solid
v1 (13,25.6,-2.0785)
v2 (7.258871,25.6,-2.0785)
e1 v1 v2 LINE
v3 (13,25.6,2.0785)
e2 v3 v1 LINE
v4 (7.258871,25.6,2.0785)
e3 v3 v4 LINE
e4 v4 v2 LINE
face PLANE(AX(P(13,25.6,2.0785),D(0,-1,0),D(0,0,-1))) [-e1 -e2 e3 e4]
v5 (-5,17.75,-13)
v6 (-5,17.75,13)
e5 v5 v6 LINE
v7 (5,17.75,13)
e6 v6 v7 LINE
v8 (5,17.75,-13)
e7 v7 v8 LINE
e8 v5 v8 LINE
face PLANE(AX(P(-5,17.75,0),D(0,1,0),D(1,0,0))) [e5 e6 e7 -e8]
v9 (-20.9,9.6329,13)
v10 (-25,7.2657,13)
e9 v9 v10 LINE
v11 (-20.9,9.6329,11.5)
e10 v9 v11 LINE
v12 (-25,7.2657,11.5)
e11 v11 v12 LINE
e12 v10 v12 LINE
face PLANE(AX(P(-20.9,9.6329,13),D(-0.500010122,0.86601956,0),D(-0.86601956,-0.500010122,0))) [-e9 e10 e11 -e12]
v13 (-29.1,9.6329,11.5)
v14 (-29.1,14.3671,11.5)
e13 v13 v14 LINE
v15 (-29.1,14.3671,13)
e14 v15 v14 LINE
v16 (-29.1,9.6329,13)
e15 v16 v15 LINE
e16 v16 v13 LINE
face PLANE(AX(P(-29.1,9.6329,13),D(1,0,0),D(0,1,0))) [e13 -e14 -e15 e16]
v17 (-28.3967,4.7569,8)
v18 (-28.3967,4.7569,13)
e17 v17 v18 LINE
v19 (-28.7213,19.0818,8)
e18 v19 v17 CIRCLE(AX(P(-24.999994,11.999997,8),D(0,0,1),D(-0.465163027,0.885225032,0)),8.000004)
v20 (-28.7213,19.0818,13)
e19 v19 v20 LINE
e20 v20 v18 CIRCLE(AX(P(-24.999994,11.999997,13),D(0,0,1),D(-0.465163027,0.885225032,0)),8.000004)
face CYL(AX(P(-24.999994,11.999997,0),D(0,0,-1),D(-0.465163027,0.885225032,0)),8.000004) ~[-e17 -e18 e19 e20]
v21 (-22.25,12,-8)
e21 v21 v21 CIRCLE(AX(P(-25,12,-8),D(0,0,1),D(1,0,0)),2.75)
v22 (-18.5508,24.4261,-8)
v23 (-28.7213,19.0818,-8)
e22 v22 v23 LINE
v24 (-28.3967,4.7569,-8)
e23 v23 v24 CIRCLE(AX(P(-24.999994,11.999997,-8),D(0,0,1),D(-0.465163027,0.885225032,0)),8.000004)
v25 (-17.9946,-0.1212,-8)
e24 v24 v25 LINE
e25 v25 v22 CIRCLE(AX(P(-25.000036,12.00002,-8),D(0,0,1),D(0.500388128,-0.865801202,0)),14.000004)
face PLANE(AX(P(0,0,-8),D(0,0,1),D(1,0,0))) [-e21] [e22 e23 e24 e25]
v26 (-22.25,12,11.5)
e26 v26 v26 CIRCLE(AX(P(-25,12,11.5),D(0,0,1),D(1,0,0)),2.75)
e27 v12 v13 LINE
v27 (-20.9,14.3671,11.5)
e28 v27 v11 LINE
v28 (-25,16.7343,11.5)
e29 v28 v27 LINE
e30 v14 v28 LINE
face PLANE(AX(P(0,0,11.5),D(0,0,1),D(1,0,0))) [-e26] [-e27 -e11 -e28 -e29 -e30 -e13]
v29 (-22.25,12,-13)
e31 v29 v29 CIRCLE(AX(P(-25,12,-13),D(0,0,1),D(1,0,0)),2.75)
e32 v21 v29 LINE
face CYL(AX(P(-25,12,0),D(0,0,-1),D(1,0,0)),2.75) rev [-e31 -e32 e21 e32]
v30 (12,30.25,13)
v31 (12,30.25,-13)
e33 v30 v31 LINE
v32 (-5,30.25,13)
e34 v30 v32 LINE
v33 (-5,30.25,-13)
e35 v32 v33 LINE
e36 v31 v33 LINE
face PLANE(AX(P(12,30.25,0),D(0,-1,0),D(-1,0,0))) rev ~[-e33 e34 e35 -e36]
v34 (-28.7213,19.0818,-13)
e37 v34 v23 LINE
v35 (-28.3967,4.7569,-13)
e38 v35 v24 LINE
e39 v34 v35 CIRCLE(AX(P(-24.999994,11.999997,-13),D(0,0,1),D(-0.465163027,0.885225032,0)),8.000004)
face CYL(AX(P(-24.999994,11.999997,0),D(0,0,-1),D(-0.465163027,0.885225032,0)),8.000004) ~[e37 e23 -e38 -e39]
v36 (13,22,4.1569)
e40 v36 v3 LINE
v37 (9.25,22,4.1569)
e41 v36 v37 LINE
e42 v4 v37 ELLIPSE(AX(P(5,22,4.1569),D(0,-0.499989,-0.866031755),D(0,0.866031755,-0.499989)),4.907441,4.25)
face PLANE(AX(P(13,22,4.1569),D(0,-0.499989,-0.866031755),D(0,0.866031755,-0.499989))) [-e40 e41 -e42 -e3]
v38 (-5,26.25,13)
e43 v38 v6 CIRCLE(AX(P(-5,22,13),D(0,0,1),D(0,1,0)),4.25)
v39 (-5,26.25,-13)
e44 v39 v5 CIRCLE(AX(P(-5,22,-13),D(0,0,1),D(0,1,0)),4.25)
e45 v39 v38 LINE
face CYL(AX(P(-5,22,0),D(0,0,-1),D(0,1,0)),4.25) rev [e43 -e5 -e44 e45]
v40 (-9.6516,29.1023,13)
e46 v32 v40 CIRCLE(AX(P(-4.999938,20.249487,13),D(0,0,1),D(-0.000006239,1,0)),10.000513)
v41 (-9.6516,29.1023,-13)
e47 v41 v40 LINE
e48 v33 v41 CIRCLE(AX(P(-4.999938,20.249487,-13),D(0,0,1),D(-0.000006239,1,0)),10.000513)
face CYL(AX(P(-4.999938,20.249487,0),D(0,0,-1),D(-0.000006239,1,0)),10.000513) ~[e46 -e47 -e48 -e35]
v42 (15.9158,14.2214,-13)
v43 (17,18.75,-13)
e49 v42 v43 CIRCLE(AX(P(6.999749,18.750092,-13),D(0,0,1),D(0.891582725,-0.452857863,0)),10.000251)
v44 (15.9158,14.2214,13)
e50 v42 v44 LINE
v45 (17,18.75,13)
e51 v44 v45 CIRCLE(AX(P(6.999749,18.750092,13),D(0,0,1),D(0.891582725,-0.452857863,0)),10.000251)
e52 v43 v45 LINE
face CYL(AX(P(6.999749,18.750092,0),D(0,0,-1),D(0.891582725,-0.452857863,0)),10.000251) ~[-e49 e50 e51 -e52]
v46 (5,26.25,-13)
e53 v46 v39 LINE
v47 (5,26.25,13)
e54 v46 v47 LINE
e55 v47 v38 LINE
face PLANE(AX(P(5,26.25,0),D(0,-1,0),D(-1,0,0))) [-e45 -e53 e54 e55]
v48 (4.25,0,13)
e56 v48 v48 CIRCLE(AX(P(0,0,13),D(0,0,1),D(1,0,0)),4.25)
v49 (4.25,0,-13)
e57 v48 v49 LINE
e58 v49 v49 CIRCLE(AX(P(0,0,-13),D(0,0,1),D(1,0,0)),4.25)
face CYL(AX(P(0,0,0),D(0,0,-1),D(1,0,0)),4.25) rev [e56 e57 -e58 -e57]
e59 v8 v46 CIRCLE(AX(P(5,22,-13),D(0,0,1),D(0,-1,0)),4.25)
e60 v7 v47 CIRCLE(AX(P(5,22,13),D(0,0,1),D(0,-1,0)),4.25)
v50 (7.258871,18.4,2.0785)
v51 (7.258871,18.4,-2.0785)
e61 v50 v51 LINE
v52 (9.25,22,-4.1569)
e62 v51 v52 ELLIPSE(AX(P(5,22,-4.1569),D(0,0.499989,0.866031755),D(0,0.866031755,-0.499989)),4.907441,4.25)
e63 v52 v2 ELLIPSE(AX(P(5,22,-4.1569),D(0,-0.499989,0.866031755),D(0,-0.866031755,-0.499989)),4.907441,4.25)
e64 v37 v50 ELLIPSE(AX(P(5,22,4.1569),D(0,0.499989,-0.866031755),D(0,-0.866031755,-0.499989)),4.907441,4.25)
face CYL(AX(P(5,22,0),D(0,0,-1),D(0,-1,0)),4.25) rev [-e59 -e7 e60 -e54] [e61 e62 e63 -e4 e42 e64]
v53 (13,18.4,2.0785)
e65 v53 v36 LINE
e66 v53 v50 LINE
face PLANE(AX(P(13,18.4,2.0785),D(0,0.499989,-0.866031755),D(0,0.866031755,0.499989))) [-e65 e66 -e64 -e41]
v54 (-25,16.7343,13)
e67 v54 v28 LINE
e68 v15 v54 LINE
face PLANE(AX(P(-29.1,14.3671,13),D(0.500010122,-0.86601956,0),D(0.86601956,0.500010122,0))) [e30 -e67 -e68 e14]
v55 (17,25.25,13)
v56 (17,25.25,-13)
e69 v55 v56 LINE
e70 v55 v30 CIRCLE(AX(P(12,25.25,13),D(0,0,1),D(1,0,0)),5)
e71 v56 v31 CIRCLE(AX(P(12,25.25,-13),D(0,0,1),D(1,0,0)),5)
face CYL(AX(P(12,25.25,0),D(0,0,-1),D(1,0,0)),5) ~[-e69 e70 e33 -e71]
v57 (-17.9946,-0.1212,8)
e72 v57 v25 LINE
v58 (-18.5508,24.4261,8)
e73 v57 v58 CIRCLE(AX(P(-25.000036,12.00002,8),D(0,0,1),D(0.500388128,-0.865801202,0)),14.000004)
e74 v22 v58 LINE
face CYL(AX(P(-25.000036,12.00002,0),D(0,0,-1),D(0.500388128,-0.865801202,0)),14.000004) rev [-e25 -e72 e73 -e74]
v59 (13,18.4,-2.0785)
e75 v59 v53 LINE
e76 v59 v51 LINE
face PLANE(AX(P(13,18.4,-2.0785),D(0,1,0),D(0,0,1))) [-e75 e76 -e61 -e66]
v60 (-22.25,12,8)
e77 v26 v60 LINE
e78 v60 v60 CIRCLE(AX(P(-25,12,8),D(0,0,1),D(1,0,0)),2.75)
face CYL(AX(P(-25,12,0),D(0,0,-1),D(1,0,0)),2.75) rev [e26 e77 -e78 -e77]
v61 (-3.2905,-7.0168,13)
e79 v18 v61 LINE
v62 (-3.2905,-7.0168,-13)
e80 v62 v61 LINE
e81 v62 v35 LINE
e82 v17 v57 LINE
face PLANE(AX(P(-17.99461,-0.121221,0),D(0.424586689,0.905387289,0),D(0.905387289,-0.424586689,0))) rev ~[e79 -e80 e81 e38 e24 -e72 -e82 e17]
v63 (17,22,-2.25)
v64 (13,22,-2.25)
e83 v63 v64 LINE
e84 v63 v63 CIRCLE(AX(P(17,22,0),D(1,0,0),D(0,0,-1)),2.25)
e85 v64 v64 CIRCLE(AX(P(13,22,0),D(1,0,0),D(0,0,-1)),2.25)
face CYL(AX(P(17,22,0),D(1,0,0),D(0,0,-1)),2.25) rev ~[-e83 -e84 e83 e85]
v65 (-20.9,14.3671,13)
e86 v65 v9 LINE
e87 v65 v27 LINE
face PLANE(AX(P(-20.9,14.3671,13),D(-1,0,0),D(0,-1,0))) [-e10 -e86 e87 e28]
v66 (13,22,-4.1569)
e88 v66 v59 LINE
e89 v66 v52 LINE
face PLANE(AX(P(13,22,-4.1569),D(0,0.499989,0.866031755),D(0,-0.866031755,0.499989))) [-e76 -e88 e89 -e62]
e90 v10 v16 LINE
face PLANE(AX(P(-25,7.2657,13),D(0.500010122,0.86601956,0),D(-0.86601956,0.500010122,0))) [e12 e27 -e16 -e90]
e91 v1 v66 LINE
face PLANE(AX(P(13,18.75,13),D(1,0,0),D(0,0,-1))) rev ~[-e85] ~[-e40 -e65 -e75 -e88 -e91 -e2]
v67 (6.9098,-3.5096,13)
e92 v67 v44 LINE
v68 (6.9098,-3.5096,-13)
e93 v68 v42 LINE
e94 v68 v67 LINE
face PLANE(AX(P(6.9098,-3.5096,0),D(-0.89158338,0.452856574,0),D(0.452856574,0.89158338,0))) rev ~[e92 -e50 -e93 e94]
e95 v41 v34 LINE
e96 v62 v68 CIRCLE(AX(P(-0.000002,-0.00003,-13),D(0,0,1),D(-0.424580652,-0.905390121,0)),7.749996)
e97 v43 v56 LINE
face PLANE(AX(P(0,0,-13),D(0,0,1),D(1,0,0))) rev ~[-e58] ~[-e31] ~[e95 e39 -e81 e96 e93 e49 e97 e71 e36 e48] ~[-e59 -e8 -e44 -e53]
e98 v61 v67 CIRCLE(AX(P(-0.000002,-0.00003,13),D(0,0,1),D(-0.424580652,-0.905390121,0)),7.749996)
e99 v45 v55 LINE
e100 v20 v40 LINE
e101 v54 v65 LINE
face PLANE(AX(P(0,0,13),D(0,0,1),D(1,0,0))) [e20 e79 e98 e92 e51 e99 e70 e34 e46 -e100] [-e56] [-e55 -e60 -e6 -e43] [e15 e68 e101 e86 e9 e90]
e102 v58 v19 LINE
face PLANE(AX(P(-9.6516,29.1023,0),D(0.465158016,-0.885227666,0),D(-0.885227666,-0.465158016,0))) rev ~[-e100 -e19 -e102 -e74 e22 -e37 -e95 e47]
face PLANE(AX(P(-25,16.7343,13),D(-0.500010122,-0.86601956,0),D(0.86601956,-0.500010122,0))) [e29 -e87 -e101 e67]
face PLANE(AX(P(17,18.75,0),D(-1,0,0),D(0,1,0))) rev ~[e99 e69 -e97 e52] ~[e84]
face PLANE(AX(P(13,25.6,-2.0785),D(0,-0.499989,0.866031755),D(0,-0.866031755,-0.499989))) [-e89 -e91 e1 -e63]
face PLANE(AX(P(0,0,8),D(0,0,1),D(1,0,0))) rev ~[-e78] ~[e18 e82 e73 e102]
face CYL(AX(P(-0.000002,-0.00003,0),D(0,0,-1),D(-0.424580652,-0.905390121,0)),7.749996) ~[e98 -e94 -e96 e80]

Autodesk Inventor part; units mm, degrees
ref_plane "YZ Plane" through (0, 0, 0) normal (1, 0, 0) x (0, 1, 0)
ref_plane "XZ Plane" through (0, 0, 0) normal (0, 1, 0) x (-1, 0, 0)
sketch "Szkic1" plane through (0, 0, 0) normal (0, 0, 1) x (1, 0, 0)
  circle A0 centre (0, 0) radius 4.25
  line L0 (0, 0) -> (0, 22) construction
  line L1 (-5, 22) -> (5, 22) construction
  line L2 (-5, 17.75) -> (5, 17.75)
  arc A1 (5, 17.75) -> (5, 26.25) centre (5, 22) ccw
  line L3 (5, 26.25) -> (-5, 26.25)
  arc A2 (-5, 26.25) -> (-5, 17.75) centre (-5, 22) ccw
  circle A3 centre (-25, 12) radius 8 construction
  line L4 (-5, 22) -> (-25, 22) construction
  line L5 (-25, 22) -> (-25, 12) construction
  circle A4 centre (-25, 12) radius 2.75
  line L6 (-9.6516, 29.1023) -> (-28.7213, 19.0818)
  arc A5 (-28.7213, 19.0818) -> (-28.3967, 4.7569) centre (-25, 12) ccw
  line L7 (-28.3967, 4.7569) -> (-3.2905, -7.0168)
  arc A6 (-3.2905, -7.0168) -> (6.9098, -3.5096) centre (0, 0) ccw
  line L8 (6.9098, -3.5096) -> (15.9158, 14.2214)
  arc A7 (15.9158, 14.2214) -> (17, 18.75) centre (7, 18.75) ccw
  line L9 (17, 18.75) -> (17, 25.25)
  arc A8 (17, 25.25) -> (12, 30.25) centre (12, 25.25) ccw
  line L10 (12, 30.25) -> (-5, 30.25)
  arc A9 (-5, 30.25) -> (-9.6516, 29.1023) centre (-5, 20.25) ccw
  line L11 (-25, 16.7343) -> (-20.9, 14.3671) construction
  line L12 (-20.9, 14.3671) -> (-20.9, 9.6329) construction
  line L13 (-20.9, 9.6329) -> (-25, 7.2657) construction
  line L14 (-25, 7.2657) -> (-29.1, 9.6329) construction
  line L15 (-29.1, 9.6329) -> (-29.1, 14.3671) construction
  line L16 (-29.1, 14.3671) -> (-25, 16.7343) construction
  line L17 (-5, 22) -> (-5, 30.25) construction
  circle A10 centre (-25, 12) radius 14 construction
  arc A11 (-17.9946, -0.1212) -> (-18.5508, 24.4261) centre (-25, 12) ccw
  dimension "d16" = 28
  dimension "d0" = 8.5
  dimension "d1" = 22
  dimension "d2" = 10
  dimension "d3" = 4.25
  dimension "d4" = 16
  dimension "d5" = 10
  dimension "d6" = 20
  dimension "d7" = 5.5
  dimension "d8" = 12
  dimension "d9" = 4
  dimension "d10" = 7.75
  dimension "d11" = 8.2
  dimension "d12" = 8
  dimension "d13" = 5
  dimension "d14" = 10
  dimension "d15" = 10
extrude "Wyciągnięcie proste1" add sketch "Szkic1" along normal mid plane 26
extrude "Wyciągnięcie proste2" cut sketch "Szkic1" along normal mid plane 16 contours A11 L7 A5 L6
sketch "Szkic2" plane through (0, 0, 13) normal (0, 0, 1) x (1, 0, 0)
  circle A0 centre (-25, 12) radius 2.75 projected
  line L0 (-29.1, 14.3671) -> (-25, 16.7343) projected
  line L1 (-29.1, 9.6329) -> (-29.1, 14.3671) projected
  line L2 (-25, 7.2657) -> (-29.1, 9.6329) projected
  line L3 (-20.9, 9.6329) -> (-25, 7.2657) projected
  line L4 (-20.9, 14.3671) -> (-20.9, 9.6329) projected
  line L5 (-25, 16.7343) -> (-20.9, 14.3671) projected
extrude "Wyciągnięcie proste3" cut sketch "Szkic2" against normal blind 1.5
sketch "Szkic3" plane through (17, 18.75, 13) normal (1, 0, 0) x (0, 0, -1)
  line L0 (26, 6.5) -> (0, 6.5) projected
  line L1 (0, 0) -> (26, 6.5) construction
  line L2 (0, 6.5) -> (26, 0) construction
  circle A0 centre (13, 3.25) radius 2.25
  line L3 (13, 3.25) -> (13, 11.5) construction
  line L4 (10.9215, 6.85) -> (15.0785, 6.85)
  line L5 (15.0785, 6.85) -> (17.1569, 3.25)
  line L6 (17.1569, 3.25) -> (15.0785, -0.35)
  line L7 (15.0785, -0.35) -> (10.9215, -0.35)
  line L8 (10.9215, -0.35) -> (8.8431, 3.25)
  line L9 (8.8431, 3.25) -> (10.9215, 6.85)
  line L10 (26, 11.5) -> (0, 11.5) projected
  line L11 (26, 11.5) -> (0, 11.5) projected
  point P0 (13, -18.75)
  point P1 (13, 6.85)
  dimension "d23" = 4.5
  dimension "d24" = 7.2
ref_plane "Płaszczyzna konstrukcyjna1" through (13, 18.75, 13) normal (1, 0, 0) x (0, 0, -1)
extrude "Wyciągnięcie proste4" cut sketch "Szkic3" against normal up to next contours A0
sketch "Szkic4" plane through (13, 18.75, 13) normal (1, 0, 0) x (0, 0, -1)
  line L0 (10.9215, -0.35) -> (8.8431, 3.25) projected
  line L1 (15.0785, -0.35) -> (10.9215, -0.35) projected
  line L2 (17.1569, 3.25) -> (15.0785, -0.35) projected
  line L3 (15.0785, 6.85) -> (17.1569, 3.25) projected
  line L4 (10.9215, 6.85) -> (15.0785, 6.85) projected
  line L5 (8.8431, 3.25) -> (10.9215, 6.85) projected
  point P0 (13, -18.75)
extrude "Wyciągnięcie proste5" cut sketch "Szkic4" against normal up to surface
properties part number "Y_tensioner"
